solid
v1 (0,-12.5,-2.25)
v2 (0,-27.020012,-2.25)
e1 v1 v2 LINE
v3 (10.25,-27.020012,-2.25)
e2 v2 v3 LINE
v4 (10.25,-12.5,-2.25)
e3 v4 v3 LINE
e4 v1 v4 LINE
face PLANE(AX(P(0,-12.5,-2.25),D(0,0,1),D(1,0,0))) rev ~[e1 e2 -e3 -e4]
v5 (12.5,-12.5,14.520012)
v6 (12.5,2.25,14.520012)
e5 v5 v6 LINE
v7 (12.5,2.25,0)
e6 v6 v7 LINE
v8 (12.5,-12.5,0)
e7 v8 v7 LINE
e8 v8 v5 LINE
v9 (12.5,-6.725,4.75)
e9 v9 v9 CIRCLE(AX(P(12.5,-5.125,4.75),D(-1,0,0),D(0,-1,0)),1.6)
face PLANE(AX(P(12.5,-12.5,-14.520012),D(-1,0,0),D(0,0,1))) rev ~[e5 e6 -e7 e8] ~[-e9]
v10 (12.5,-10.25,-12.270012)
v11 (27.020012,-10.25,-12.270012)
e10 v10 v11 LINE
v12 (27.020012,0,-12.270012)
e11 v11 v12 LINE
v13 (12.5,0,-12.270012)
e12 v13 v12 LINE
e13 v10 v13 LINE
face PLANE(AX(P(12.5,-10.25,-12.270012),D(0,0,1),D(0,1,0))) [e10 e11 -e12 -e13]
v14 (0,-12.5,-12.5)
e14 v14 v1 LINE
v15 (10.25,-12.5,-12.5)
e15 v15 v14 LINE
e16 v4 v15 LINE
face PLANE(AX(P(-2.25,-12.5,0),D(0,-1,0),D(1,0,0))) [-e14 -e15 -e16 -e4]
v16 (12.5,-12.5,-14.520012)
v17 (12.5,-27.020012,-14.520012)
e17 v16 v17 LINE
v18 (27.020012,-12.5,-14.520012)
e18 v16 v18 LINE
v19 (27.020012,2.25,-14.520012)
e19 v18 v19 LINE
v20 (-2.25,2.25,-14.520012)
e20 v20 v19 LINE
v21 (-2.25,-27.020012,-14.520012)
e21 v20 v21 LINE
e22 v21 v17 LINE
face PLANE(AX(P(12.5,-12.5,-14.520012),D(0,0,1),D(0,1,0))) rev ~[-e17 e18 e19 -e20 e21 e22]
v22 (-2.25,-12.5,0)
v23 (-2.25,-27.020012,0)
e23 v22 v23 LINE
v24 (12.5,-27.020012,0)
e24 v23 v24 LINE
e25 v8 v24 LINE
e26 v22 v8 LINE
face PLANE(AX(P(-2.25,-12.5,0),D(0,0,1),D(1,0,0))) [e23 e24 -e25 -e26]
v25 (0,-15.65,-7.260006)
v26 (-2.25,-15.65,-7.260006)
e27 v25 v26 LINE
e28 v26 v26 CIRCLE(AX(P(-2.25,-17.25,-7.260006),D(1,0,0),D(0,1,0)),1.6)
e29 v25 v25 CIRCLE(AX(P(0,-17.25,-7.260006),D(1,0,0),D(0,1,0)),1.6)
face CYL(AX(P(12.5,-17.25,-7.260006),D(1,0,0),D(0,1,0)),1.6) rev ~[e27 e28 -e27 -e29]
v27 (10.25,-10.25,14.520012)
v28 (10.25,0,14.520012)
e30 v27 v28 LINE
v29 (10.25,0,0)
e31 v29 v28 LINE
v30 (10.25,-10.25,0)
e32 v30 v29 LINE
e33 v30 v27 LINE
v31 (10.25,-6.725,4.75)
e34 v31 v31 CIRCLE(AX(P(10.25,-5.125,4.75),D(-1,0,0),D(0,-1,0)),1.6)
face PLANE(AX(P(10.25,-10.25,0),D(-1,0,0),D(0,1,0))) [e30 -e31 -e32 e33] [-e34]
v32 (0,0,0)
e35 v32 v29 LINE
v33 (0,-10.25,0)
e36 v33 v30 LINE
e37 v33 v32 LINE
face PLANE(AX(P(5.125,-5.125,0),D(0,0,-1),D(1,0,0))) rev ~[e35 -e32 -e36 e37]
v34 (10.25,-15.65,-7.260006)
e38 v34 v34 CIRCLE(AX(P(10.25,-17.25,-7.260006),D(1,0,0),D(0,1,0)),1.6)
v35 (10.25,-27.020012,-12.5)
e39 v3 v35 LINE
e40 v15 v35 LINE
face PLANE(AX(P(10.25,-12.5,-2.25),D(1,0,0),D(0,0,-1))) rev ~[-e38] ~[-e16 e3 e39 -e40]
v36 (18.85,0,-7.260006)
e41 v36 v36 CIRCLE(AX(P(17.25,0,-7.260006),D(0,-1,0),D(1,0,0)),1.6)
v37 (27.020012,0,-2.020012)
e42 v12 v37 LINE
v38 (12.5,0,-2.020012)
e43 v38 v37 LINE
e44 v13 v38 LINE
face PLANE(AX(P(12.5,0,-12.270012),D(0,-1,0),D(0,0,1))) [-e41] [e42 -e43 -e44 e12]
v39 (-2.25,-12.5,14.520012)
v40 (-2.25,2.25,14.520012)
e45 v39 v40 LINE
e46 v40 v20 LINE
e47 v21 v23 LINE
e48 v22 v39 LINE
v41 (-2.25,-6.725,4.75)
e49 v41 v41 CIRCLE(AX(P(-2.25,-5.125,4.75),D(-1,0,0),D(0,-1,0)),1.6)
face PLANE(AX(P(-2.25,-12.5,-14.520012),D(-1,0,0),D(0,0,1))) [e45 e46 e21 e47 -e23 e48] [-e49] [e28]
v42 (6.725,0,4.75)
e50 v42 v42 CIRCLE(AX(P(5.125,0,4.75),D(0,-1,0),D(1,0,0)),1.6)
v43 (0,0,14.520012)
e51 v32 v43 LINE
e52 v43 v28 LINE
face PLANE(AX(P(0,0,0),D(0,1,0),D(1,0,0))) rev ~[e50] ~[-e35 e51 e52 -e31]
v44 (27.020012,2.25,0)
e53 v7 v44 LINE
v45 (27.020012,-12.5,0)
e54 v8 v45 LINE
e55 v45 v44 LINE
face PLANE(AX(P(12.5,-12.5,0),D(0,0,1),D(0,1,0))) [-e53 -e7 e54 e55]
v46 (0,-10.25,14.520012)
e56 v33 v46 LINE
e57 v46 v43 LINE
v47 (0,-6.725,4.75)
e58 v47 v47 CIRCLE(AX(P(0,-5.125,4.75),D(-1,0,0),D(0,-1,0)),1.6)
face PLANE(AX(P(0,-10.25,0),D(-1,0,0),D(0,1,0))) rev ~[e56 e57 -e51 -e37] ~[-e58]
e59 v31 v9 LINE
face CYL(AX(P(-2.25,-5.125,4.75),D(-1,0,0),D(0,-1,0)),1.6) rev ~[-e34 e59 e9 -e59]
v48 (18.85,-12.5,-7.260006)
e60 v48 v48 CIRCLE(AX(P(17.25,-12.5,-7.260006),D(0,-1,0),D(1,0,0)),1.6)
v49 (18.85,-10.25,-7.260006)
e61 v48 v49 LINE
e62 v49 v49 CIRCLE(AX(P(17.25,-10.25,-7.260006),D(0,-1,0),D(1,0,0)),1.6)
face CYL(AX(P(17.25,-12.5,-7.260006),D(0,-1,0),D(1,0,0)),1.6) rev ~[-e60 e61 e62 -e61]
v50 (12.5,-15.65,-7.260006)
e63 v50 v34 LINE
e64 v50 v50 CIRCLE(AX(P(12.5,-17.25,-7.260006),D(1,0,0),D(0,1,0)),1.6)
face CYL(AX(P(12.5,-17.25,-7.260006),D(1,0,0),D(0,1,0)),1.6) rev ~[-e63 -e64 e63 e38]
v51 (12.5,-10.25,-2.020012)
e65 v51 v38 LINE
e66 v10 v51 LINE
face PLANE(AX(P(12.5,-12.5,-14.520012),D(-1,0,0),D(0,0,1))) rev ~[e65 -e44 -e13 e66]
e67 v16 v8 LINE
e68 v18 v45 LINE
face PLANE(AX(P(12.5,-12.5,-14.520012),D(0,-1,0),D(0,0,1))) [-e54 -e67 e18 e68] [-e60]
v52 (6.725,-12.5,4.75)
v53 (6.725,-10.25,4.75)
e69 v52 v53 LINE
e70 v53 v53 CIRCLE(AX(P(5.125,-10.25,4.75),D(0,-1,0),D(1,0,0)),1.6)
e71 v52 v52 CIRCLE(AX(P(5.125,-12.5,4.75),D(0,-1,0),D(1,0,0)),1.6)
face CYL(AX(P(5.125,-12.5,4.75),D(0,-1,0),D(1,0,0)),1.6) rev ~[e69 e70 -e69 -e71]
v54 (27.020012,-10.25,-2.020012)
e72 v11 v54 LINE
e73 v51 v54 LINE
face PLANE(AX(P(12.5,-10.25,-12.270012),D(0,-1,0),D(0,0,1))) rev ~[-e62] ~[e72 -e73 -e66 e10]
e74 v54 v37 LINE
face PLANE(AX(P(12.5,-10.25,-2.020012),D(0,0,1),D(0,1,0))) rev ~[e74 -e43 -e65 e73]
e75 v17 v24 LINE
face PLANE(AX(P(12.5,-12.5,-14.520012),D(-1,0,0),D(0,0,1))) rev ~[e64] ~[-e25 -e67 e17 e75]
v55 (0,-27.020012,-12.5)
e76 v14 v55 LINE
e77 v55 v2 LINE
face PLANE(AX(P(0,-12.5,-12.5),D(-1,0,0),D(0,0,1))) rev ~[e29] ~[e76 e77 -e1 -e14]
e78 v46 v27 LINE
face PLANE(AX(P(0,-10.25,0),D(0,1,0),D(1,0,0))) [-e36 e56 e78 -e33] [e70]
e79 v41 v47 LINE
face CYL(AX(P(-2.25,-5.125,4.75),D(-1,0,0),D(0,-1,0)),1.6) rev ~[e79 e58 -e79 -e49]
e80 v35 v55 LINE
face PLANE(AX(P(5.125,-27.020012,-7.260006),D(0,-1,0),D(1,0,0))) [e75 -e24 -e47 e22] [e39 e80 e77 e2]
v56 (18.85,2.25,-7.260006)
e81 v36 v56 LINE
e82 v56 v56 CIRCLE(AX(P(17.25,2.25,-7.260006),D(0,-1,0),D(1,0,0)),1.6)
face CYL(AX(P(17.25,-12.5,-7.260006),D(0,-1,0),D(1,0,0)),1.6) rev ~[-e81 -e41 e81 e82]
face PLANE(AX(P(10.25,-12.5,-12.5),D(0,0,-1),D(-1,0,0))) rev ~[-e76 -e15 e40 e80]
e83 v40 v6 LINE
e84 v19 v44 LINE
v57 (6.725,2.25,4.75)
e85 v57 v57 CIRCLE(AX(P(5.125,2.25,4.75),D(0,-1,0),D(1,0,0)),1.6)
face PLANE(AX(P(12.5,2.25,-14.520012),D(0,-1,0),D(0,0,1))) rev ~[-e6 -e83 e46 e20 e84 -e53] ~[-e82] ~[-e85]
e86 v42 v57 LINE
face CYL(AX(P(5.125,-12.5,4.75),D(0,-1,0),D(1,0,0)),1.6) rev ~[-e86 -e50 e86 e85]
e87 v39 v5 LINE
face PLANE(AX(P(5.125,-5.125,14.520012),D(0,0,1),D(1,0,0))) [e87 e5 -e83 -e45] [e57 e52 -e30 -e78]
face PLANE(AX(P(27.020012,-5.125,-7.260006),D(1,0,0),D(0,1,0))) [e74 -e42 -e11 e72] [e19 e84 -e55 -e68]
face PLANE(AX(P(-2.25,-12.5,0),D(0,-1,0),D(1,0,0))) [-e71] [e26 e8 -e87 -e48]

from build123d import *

# Parameters (mm, degrees)
F0_W      = 14.75
F0_H      = 14.75
F0_W_2    = 10.25
F0_H_2    = 10.25
F1_DEPTH  = 14.5200116
F2_W      = 14.75
F2_H      = 14.75
F2_W_2    = 10.25
F2_H_2    = 10.25
F3_DEPTH  = 14.5200116
F4_W      = 14.75
F4_H      = 14.5200116
F5_DEPTH  = 14.5200116
F6_W      = 14.75
F6_H      = 14.5200116
F6_W_2    = 10.25
F6_H_2    = 10.25
F7_DEPTH  = 14.5200116
F8_R      = 1.6
F9_DEPTH  = 25.4
F10_R     = 1.6
F11_DEPTH = 25.4
F12_R     = 1.6
F13_DEPTH = 25.4
F14_R     = 1.6
F15_DEPTH = 25.4


with BuildPart() as f1:
    # F0 (on Top) → F1 (new body)
    with BuildSketch(Plane.XY):
        with Locations((5.125, -5.125)):
            Rectangle(F0_W, F0_H)
        with Locations((5.125, -5.125)):
            Rectangle(F0_W_2, F0_H_2, mode=Mode.SUBTRACT)
    extrude(amount=F1_DEPTH)

    # F2 (on face) → F3 (join)
    with BuildSketch(Plane(origin=(0, 0, 0), x_dir=(1, 0, 0), z_dir=(0, 0, -1))):
        with Locations((5.125, 5.125)):
            Rectangle(F2_W, F2_H)
        with Locations((5.125, 5.125)):
            Rectangle(F2_W_2, F2_H_2, mode=Mode.SUBTRACT)
        with Locations((5.125, 5.125)):
            Rectangle(F2_W_2, F2_H_2)
    extrude(amount=F3_DEPTH)

    # F4 (on face) → F5 (join)
    with BuildSketch(Plane.XZ.offset(12.5)):
        with Locations((5.125, -7.2600058)):
            Rectangle(F4_W, F4_H)
        Polygon((0, -12.2700116), (0, -2.25), (10.25, -2.25), (10.25, -12.2700116), (10.25, -12.5), (0, -12.5), align=None, mode=Mode.SUBTRACT)
    extrude(amount=F5_DEPTH)

    # F6 (on face) → F7 (join)
    with BuildSketch(Plane.YZ.offset(12.5)):
        with Locations((-5.125, -7.2600058)):
            Rectangle(F6_W, F6_H)
        with Locations((-5.125, -7.1450116)):
            Rectangle(F6_W_2, F6_H_2, mode=Mode.SUBTRACT)
    extrude(amount=F7_DEPTH)

    # F8 (on face) → F9 (cut)
    with BuildSketch(Plane.XZ.offset(12.5)):
        with Locations((17.25, -7.2600058)):
            Circle(F8_R)
    extrude(amount=-F9_DEPTH, mode=Mode.SUBTRACT)

    # F10 (on face) → F11 (cut)
    with BuildSketch(Plane.YZ.offset(12.5)):
        with Locations((-17.25, -7.2600058)):
            Circle(F10_R)
    extrude(amount=-F11_DEPTH, mode=Mode.SUBTRACT)

    # F12 (on face) → F13 (cut)
    with BuildSketch(Plane(origin=(-2.25, 0, 0), x_dir=(0, -1, 0), z_dir=(-1, 0, 0))):
        with Locations((5.125, 4.75)):
            Circle(F12_R)
    extrude(amount=-F13_DEPTH, mode=Mode.SUBTRACT)

    # F14 (on face) → F15 (cut)
    with BuildSketch(Plane.XZ.offset(12.5)):
        with Locations((5.125, 4.75)):
            Circle(F14_R)
    extrude(amount=-F15_DEPTH, mode=Mode.SUBTRACT)


solid = f1.part
